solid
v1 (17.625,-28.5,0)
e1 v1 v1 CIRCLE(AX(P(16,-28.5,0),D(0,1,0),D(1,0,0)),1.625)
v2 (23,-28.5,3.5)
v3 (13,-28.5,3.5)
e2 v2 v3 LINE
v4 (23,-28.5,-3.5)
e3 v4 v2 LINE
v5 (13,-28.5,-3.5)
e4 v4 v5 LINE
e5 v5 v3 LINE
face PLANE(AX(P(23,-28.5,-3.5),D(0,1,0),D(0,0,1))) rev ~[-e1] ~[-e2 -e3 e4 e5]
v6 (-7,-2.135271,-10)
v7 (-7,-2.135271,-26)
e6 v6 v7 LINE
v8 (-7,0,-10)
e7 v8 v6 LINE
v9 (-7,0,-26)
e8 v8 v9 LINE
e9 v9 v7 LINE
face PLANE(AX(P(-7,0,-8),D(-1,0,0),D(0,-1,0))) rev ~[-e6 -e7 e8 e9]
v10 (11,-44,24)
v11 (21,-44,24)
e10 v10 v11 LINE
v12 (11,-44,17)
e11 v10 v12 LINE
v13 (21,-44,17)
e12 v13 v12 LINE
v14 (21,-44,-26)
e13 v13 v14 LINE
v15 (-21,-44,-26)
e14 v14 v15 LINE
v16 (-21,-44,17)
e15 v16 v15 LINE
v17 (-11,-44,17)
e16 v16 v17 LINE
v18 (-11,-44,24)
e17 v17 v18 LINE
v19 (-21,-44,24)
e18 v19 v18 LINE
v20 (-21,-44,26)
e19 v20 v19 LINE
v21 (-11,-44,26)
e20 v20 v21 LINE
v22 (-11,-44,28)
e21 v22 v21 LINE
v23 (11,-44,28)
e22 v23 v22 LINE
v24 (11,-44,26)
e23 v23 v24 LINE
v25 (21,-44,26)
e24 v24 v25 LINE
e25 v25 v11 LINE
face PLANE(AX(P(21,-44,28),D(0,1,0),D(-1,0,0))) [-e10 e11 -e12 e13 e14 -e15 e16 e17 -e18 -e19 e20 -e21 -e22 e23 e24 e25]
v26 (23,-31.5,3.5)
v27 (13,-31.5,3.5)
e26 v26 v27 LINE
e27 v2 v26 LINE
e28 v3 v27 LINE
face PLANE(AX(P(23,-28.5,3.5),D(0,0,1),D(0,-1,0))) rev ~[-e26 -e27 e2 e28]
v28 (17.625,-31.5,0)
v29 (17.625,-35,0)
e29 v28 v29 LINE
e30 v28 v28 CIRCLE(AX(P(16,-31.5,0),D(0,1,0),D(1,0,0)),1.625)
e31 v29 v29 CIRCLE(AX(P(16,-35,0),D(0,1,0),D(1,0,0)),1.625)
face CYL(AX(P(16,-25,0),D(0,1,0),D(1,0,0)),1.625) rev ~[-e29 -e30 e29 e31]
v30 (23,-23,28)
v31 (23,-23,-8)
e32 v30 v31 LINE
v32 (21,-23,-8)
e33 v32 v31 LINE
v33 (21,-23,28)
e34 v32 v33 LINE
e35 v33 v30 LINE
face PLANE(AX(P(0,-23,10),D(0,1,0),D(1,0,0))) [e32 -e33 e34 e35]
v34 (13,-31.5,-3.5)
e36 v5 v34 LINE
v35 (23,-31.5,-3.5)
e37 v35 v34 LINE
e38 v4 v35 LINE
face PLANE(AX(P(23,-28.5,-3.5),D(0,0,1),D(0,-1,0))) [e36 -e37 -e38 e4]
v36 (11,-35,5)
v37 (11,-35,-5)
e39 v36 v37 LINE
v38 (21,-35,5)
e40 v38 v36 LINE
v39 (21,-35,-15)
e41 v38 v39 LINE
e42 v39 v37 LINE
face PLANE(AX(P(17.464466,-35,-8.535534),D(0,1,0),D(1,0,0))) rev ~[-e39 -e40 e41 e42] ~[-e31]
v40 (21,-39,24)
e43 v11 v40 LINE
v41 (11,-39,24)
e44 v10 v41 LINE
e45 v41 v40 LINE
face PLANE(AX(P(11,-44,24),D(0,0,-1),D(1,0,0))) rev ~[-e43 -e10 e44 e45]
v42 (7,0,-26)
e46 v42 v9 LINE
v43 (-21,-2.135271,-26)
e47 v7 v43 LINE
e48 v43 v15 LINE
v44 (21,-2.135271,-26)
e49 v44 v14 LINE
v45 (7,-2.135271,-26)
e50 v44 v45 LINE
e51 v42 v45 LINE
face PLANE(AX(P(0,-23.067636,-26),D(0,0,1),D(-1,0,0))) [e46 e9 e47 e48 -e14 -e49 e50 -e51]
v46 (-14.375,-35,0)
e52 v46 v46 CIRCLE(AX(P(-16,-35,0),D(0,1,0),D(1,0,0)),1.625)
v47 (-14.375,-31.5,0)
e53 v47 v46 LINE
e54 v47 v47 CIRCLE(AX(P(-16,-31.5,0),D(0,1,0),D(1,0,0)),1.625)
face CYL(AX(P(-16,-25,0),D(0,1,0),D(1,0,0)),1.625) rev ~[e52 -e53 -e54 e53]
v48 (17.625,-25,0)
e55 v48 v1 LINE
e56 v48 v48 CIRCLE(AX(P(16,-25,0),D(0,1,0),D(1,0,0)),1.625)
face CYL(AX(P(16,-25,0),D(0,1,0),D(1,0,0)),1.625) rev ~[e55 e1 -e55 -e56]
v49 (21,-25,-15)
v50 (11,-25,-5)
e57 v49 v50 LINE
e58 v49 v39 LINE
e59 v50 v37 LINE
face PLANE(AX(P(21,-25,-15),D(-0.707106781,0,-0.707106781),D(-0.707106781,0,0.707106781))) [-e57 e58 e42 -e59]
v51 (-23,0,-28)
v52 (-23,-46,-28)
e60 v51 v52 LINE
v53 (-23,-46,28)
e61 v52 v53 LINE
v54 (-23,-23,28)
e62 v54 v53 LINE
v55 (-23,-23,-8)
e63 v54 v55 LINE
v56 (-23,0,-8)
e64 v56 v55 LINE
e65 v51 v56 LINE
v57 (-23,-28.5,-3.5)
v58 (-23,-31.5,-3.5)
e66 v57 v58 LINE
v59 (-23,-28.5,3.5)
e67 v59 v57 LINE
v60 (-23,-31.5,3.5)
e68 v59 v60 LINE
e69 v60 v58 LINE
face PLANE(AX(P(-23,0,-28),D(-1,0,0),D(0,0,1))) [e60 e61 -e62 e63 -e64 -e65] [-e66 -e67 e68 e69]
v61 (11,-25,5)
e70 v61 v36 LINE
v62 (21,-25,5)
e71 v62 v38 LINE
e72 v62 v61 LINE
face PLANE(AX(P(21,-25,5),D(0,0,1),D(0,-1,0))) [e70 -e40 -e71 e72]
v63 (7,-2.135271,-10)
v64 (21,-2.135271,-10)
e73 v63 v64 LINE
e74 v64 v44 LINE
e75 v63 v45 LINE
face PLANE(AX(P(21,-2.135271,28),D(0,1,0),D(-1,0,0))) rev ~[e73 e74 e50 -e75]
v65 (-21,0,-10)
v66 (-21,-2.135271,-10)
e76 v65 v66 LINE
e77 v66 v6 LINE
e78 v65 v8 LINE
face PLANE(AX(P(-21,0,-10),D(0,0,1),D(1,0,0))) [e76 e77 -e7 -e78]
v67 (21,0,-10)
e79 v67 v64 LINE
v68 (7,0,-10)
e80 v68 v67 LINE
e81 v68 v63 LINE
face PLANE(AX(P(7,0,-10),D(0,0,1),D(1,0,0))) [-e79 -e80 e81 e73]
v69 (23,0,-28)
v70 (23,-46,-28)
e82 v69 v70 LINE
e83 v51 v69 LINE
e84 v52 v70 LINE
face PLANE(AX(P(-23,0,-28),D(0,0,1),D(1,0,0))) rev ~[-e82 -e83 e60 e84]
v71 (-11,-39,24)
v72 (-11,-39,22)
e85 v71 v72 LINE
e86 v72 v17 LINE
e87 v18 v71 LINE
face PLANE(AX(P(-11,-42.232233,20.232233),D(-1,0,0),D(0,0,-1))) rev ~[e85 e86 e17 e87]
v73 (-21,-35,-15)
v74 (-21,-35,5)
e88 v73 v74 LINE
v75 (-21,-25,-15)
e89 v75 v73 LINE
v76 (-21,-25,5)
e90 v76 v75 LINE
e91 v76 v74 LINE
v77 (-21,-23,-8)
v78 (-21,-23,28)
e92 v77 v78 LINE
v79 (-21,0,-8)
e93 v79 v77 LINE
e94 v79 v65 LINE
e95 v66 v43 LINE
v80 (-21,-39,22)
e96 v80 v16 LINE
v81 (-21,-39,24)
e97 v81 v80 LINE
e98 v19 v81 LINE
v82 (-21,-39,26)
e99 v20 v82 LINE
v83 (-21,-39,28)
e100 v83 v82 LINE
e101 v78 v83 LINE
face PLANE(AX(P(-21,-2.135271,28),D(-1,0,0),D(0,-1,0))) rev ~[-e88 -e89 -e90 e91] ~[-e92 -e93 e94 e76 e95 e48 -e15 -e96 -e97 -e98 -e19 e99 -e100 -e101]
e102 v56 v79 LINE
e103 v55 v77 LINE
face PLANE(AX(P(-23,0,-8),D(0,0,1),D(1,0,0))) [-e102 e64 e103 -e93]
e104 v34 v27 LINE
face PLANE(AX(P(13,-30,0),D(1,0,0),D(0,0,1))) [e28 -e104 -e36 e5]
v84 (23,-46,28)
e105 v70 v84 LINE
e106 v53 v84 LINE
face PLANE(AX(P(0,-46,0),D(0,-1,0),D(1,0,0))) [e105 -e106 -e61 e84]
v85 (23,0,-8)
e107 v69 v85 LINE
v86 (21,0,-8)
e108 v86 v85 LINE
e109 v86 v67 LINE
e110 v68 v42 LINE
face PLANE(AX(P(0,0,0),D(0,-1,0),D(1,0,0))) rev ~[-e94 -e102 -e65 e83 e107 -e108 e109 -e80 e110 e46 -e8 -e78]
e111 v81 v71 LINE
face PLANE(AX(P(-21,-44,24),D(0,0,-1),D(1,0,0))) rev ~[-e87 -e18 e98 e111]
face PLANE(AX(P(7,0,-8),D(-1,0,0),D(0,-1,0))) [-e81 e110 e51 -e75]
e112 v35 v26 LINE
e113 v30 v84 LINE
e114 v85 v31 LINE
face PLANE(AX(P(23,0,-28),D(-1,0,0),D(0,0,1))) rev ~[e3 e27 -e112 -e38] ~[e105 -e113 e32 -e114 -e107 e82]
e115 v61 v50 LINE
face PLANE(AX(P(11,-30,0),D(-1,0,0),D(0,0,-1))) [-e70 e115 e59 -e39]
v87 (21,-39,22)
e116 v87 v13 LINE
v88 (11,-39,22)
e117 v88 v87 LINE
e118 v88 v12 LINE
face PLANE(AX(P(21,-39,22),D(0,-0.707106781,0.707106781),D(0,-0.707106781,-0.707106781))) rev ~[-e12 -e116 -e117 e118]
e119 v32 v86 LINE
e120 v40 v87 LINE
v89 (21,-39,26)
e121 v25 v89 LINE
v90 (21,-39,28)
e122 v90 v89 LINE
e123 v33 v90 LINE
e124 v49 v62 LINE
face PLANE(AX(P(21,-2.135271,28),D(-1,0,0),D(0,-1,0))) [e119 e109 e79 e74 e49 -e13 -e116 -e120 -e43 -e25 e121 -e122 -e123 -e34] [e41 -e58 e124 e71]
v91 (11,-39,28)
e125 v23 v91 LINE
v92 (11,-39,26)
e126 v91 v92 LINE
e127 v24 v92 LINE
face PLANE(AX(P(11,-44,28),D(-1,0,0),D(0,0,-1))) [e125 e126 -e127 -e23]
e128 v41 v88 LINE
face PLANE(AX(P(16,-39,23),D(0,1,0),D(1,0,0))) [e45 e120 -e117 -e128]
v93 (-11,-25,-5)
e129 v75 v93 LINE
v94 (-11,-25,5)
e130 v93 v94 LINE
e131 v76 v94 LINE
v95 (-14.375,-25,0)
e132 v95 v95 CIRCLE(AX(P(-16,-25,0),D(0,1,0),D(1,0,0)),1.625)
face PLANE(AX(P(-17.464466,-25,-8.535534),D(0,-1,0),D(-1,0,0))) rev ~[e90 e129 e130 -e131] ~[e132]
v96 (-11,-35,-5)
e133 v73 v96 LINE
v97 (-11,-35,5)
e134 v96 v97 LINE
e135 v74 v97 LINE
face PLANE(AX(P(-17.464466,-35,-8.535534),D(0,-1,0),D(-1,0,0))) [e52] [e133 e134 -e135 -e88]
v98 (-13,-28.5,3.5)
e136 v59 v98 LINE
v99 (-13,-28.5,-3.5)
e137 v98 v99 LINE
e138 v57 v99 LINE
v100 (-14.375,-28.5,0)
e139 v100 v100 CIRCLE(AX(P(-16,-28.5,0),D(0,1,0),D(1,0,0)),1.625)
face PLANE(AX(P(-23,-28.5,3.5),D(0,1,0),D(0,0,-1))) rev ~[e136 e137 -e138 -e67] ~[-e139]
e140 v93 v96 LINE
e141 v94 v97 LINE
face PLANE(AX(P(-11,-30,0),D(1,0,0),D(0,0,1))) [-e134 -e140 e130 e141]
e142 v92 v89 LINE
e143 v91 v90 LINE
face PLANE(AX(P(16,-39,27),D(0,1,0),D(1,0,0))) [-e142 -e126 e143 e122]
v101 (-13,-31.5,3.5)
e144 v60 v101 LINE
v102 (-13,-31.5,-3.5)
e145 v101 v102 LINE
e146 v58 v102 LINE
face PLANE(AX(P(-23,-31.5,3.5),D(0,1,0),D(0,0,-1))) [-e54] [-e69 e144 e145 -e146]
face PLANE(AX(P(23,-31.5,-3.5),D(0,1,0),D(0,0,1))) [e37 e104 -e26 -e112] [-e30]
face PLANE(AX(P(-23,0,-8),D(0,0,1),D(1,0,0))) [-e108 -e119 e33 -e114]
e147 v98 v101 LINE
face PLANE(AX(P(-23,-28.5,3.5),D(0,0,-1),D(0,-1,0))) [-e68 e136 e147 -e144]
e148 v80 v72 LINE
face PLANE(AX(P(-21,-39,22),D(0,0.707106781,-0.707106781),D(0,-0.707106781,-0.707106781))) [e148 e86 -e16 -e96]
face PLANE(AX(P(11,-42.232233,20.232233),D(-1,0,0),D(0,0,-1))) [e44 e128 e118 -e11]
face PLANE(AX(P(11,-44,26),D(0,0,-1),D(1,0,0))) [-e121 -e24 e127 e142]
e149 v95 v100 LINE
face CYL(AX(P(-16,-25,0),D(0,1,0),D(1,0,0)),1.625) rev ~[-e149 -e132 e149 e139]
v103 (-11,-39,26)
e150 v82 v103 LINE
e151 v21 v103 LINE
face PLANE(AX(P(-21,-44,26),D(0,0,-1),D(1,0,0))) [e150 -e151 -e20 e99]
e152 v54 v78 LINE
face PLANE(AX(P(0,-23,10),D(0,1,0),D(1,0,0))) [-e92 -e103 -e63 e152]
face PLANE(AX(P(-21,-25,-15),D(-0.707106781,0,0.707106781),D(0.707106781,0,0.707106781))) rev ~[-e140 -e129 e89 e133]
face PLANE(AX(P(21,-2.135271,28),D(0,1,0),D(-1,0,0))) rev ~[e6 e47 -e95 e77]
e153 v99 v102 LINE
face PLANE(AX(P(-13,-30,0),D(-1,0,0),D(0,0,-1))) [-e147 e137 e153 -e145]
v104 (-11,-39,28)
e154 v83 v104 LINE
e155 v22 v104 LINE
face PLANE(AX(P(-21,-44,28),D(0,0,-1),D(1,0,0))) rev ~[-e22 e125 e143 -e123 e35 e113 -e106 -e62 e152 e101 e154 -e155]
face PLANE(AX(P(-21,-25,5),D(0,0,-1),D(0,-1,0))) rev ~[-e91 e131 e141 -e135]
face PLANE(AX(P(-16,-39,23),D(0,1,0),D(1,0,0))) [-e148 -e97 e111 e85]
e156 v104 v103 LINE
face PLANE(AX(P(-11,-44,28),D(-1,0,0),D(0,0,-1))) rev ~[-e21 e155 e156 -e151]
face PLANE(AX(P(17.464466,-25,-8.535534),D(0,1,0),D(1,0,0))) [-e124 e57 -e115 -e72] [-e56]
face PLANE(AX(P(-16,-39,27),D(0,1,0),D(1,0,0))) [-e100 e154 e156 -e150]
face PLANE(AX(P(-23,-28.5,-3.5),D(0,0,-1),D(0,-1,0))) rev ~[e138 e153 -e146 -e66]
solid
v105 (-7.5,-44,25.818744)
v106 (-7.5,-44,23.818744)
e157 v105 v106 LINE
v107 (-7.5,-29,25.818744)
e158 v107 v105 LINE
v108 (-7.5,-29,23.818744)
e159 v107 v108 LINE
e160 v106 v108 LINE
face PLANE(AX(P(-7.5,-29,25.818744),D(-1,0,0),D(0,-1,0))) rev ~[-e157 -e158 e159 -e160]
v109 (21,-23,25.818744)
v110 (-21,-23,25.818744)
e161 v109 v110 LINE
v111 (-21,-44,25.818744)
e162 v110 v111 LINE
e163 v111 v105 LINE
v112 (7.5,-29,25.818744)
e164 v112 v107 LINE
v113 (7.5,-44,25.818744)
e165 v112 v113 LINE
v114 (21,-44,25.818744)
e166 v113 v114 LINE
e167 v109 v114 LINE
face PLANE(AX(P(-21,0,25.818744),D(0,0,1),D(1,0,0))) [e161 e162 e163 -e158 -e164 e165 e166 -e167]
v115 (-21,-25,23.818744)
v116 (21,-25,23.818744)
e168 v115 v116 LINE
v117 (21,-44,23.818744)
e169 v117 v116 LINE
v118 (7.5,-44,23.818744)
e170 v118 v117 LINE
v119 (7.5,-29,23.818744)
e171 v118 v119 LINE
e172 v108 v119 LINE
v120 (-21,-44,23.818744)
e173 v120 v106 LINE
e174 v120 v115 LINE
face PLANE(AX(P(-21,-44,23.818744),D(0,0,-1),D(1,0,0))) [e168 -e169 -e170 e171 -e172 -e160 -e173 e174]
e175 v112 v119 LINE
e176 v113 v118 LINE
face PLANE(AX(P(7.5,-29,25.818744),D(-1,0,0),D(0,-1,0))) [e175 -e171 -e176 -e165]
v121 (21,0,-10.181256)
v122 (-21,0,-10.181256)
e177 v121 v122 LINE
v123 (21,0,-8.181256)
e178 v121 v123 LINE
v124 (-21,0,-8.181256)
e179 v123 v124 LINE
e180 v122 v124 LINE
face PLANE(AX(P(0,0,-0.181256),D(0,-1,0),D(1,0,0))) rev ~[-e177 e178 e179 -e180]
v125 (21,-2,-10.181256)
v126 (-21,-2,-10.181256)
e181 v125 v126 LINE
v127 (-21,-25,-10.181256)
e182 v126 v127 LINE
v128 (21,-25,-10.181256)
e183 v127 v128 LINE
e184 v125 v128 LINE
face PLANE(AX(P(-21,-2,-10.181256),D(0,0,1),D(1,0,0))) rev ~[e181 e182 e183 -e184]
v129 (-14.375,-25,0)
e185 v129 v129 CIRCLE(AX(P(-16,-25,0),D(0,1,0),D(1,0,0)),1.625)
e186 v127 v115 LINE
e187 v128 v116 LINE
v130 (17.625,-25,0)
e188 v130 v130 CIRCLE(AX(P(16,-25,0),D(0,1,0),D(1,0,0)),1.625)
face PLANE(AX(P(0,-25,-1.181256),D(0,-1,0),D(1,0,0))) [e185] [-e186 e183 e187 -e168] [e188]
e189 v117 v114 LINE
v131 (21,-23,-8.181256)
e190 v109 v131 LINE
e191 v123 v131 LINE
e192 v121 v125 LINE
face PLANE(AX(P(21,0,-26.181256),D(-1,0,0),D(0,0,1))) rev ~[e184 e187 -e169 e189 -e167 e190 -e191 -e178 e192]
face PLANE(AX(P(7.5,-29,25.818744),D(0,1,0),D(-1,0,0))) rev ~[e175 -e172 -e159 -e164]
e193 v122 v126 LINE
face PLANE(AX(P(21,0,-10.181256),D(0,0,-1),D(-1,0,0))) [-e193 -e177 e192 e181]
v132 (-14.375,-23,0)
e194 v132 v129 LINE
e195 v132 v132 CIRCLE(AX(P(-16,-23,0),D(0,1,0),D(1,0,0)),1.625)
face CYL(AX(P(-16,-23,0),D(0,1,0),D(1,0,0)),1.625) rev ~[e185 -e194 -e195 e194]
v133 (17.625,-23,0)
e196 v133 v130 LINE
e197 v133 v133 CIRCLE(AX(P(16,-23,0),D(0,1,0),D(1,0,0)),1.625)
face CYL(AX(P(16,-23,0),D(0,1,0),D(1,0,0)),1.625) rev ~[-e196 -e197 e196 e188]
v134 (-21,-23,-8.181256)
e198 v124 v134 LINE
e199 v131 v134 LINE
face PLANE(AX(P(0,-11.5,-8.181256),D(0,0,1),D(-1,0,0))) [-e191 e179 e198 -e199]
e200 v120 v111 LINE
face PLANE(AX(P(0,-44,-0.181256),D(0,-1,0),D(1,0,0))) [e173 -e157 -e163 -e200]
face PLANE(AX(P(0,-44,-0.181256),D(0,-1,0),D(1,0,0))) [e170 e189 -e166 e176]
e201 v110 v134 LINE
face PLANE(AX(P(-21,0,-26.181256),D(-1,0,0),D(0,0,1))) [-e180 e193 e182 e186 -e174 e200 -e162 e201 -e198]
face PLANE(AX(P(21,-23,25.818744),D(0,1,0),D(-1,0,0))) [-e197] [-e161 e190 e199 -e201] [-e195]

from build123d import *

# Parameters (mm, degrees)
SKETCH_W        = 46
SKETCH_H        = 56
PAD_DEPTH       = 46
SKETCH001_W     = 46
SKETCH001_H     = 36
POCKET_DEPTH    = 23
SKETCH002_W     = 42
SKETCH002_H     = 41.864729
POCKET001_DEPTH = 54
SKETCH003_W     = 10
SKETCH003_H     = 2
PAD001_DEPTH    = 5
SKETCH004_W     = 10
SKETCH004_H     = 2
PAD002_DEPTH    = 5
PAD003_DEPTH    = 5
PAD004_DEPTH    = 10
PAD005_DEPTH    = 10
SKETCH007_W     = 14
SKETCH007_H     = 2.135271
POCKET002_DEPTH = 18
SKETCH008_W     = 10
SKETCH008_H     = 10
PAD006_DEPTH    = 10
SKETCH009_W     = 10
SKETCH009_H     = 10
PAD007_DEPTH    = 10
SKETCH010_W     = 7
SKETCH010_H     = 3
POCKET003_DEPTH = 10
SKETCH011_W     = 7
SKETCH011_H     = 3
POCKET004_DEPTH = 10
SKETCH012_R     = 1.625
POCKET005_DEPTH = 10
PAD008_DEPTH    = 10
PAD009_DEPTH    = 10
SKETCH019_W     = 14
SKETCH019_H     = 2
POCKET009_DEPTH = 3
SKETCH015_W     = 42
SKETCH015_H     = 52
PAD010_DEPTH    = 44
SKETCH016_W     = 42
SKETCH016_H     = 50
POCKET006_DEPTH = 19
SKETCH017_W     = 42
SKETCH017_H     = 23
POCKET007_DEPTH = 34
POCKET008_DEPTH = 2
SKETCH020_W     = 42
SKETCH020_H     = 16
POCKET010_DEPTH = 23
SKETCH021_R     = 1.625
POCKET011_DEPTH = 5
SKETCH022_W     = 15
SKETCH022_H     = 15
POCKET012_DEPTH = 5


with BuildPart() as main_body:
    # Sketch → Pad (new body)
    with BuildSketch(Plane.XZ):
        Rectangle(SKETCH_W, SKETCH_H)
    extrude(amount=PAD_DEPTH)

    # Sketch001 (on Face5 of Pad) → Pocket (cut)
    with BuildSketch(Plane(origin=(0, 0, 0), x_dir=(1, 0, 0), z_dir=(0, 1, 0))):
        with Locations((0, -10)):
            Rectangle(SKETCH001_W, SKETCH001_H)
    extrude(amount=-POCKET_DEPTH, mode=Mode.SUBTRACT)

    # Sketch002 (on Face7 of Pocket) → Pocket001 (cut)
    with BuildSketch(Plane(origin=(0, 0, 28), x_dir=(-1, 0, 0), z_dir=(0, 0, 1))):
        with Locations((0, 23.0676355)):
            Rectangle(SKETCH002_W, SKETCH002_H)
    extrude(amount=-POCKET001_DEPTH, mode=Mode.SUBTRACT)

    # Sketch003 (on Face13 of Pocket001) → Pad001 (join)
    with BuildSketch(Plane(origin=(0, -44, 0), x_dir=(1, 0, 0), z_dir=(0, 1, 0))):
        with Locations((-16, -27)):
            Rectangle(SKETCH003_W, SKETCH003_H)
        with Locations((16, -27)):
            Rectangle(SKETCH003_W, SKETCH003_H)
    extrude(amount=PAD001_DEPTH)

    # Sketch004 (on Face12 of Pad001) → Pad002 (join)
    with BuildSketch(Plane(origin=(0, -44, 0), x_dir=(1, 0, 0), z_dir=(0, 1, 0))):
        with Locations((-16, -23)):
            Rectangle(SKETCH004_W, SKETCH004_H)
        with Locations((16, -23)):
            Rectangle(SKETCH004_W, SKETCH004_H)
    extrude(amount=PAD002_DEPTH)

    # Sketch004 (on Face12 of Pad001) → Pad003 (join)
    with BuildSketch(Plane(origin=(0, -44, 0), x_dir=(1, 0, 0), z_dir=(0, 1, 0))):
        with Locations((-16, -23)):
            Rectangle(SKETCH004_W, SKETCH004_H)
        with Locations((16, -23)):
            Rectangle(SKETCH004_W, SKETCH004_H)
    extrude(amount=PAD003_DEPTH)

    # Sketch005 (on Face8 of Pad003) → Pad004 (join)
    with BuildSketch(Plane(origin=(-21, 0, 0), x_dir=(0, 0, 1), z_dir=(1, 0, 0))):
        Polygon((22, 39), (17, 44), (22, 44), align=None)
    extrude(amount=PAD004_DEPTH)

    # Sketch006 (on Face10 of Pad004) → Pad005 (join)
    with BuildSketch(Plane(origin=(21, 0, 0), x_dir=(0, 0, -1), z_dir=(-1, 0, 0))):
        Polygon((-17.0000000001, 44), (-22, 44), (-22, 39), align=None)
    extrude(amount=PAD005_DEPTH)

    # Sketch007 (on Face3 of Pad005) → Pocket002 (cut)
    with BuildSketch(Plane(origin=(0, 0, -8), x_dir=(-1, 0, 0), z_dir=(0, 0, 1))):
        with Locations((0, 1.0676355)):
            Rectangle(SKETCH007_W, SKETCH007_H)
    extrude(amount=-POCKET002_DEPTH, mode=Mode.SUBTRACT)

    # Sketch008 (on Face15 of Pocket002) → Pad006 (join)
    with BuildSketch(Plane(origin=(21, 0, 0), x_dir=(0, 0, -1), z_dir=(-1, 0, 0))):
        with Locations((0, 30)):
            Rectangle(SKETCH008_W, SKETCH008_H)
    extrude(amount=PAD006_DEPTH)

    # Sketch009 (on Face8 of Pad006) → Pad007 (join)
    with BuildSketch(Plane(origin=(-21, 0, 0), x_dir=(0, 0, 1), z_dir=(1, 0, 0))):
        with Locations((0, 30)):
            Rectangle(SKETCH009_W, SKETCH009_H)
    extrude(amount=PAD007_DEPTH)

    # Sketch010 (on Face1 of Pad007) → Pocket003 (cut)
    with BuildSketch(Plane(origin=(-23, 0, 0), x_dir=(0, 0, -1), z_dir=(-1, 0, 0))):
        with Locations((0, 30)):
            Rectangle(SKETCH010_W, SKETCH010_H)
    extrude(amount=-POCKET003_DEPTH, mode=Mode.SUBTRACT)

    # Sketch011 (on Face13 of Pocket003) → Pocket004 (cut)
    with BuildSketch(Plane(origin=(23, 0, 0), x_dir=(0, 0, 1), z_dir=(1, 0, 0))):
        with Locations((0, 30)):
            Rectangle(SKETCH011_W, SKETCH011_H)
    extrude(amount=-POCKET004_DEPTH, mode=Mode.SUBTRACT)

    # Sketch012 (on Face34 of Pocket004) → Pocket005 (cut)
    with BuildSketch(Plane(origin=(0, -25, 0), x_dir=(1, 0, 0), z_dir=(0, 1, 0))):
        with Locations((-16, 0)):
            Circle(SKETCH012_R)
        with Locations((16, 0)):
            Circle(SKETCH012_R)
    extrude(amount=-POCKET005_DEPTH, mode=Mode.SUBTRACT)

    # Sketch013 (on Face49 of Pocket005) → Pad008 (join)
    with BuildSketch(Plane(origin=(0, -25, 0), x_dir=(1, 0, 0), z_dir=(0, 1, 0))):
        Polygon((21, 5), (21, 15), (11, 5), align=None)
    extrude(amount=-PAD008_DEPTH)

    # Sketch014 (on Face36 of Pad008) → Pad009 (join)
    with BuildSketch(Plane(origin=(0, -25, 0), x_dir=(1, 0, 0), z_dir=(0, 1, 0))):
        Polygon((-21, 5), (-21, 15), (-11, 5), align=None)
    extrude(amount=-PAD009_DEPTH)

    # Sketch019 (on Face6 of Pad009) → Pocket009 (cut)
    with BuildSketch(Plane(origin=(0, 0, 0), x_dir=(1, 0, 0), z_dir=(0, 1, 0))):
        with Locations((14, 9)):
            Rectangle(SKETCH019_W, SKETCH019_H)
        with Locations((-14, 9)):
            Rectangle(SKETCH019_W, SKETCH019_H)
    extrude(amount=-POCKET009_DEPTH, mode=Mode.SUBTRACT)


with BuildPart() as body:
    # Sketch015 → Pad010 (new body)
    with BuildSketch(Plane.XZ):
        with Locations((0, -0.1812561845)):
            Rectangle(SKETCH015_W, SKETCH015_H)
    extrude(amount=PAD010_DEPTH)

    # Sketch016 (on Face6 of Pad010) → Pocket006 (cut)
    with BuildSketch(Plane.XZ.offset(44)):
        with Locations((0, -1.1812561845)):
            Rectangle(SKETCH016_W, SKETCH016_H)
    extrude(amount=-POCKET006_DEPTH, mode=Mode.SUBTRACT)

    # Sketch017 (on Face6 of Pocket006) → Pocket007 (cut)
    with BuildSketch(Plane(origin=(0, 0, 25.8187438155), x_dir=(-1, 0, 0), z_dir=(0, 0, 1))):
        with Locations((0, 11.5)):
            Rectangle(SKETCH017_W, SKETCH017_H)
    extrude(amount=-POCKET007_DEPTH, mode=Mode.SUBTRACT)

    # Sketch018 (on Face2 of Pocket007) → Pocket008 (cut)
    with BuildSketch(Plane(origin=(0, 0, 0), x_dir=(1, 0, 0), z_dir=(0, 1, 0))):
        Polygon((-21, 10.1812561845), (-21, 26.1812561845), (-7.015497, 26.1812561845), (6.993247, 26.1812561845), (21, 26.1812561845), (21, 10.1812561845), align=None)
    extrude(amount=-POCKET008_DEPTH, mode=Mode.SUBTRACT)

    # Sketch020 (on Face2 of Pocket008) → Pocket010 (cut)
    with BuildSketch(Plane(origin=(0, -2, 0), x_dir=(1, 0, 0), z_dir=(0, 1, 0))):
        with Locations((0, 18.181256)):
            Rectangle(SKETCH020_W, SKETCH020_H)
    extrude(amount=-POCKET010_DEPTH, mode=Mode.SUBTRACT)

    # Sketch021 (on Face5 of Pocket010) → Pocket011 (cut)
    with BuildSketch(Plane(origin=(0, -23, 0), x_dir=(1, 0, 0), z_dir=(0, 1, 0))):
        with Locations((16, 0)):
            Circle(SKETCH021_R)
        with Locations((-16, 0)):
            Circle(SKETCH021_R)
    extrude(amount=-POCKET011_DEPTH, mode=Mode.SUBTRACT)

    # Sketch022 (on Face5 of Pocket011) → Pocket012 (cut)
    with BuildSketch(Plane(origin=(0, 0, 25.8187438155), x_dir=(-1, 0, 0), z_dir=(0, 0, 1))):
        with Locations((0, 36.5)):
            Rectangle(SKETCH022_W, SKETCH022_H)
    extrude(amount=-POCKET012_DEPTH, mode=Mode.SUBTRACT)


solid = Compound([main_body.part, body.part])
